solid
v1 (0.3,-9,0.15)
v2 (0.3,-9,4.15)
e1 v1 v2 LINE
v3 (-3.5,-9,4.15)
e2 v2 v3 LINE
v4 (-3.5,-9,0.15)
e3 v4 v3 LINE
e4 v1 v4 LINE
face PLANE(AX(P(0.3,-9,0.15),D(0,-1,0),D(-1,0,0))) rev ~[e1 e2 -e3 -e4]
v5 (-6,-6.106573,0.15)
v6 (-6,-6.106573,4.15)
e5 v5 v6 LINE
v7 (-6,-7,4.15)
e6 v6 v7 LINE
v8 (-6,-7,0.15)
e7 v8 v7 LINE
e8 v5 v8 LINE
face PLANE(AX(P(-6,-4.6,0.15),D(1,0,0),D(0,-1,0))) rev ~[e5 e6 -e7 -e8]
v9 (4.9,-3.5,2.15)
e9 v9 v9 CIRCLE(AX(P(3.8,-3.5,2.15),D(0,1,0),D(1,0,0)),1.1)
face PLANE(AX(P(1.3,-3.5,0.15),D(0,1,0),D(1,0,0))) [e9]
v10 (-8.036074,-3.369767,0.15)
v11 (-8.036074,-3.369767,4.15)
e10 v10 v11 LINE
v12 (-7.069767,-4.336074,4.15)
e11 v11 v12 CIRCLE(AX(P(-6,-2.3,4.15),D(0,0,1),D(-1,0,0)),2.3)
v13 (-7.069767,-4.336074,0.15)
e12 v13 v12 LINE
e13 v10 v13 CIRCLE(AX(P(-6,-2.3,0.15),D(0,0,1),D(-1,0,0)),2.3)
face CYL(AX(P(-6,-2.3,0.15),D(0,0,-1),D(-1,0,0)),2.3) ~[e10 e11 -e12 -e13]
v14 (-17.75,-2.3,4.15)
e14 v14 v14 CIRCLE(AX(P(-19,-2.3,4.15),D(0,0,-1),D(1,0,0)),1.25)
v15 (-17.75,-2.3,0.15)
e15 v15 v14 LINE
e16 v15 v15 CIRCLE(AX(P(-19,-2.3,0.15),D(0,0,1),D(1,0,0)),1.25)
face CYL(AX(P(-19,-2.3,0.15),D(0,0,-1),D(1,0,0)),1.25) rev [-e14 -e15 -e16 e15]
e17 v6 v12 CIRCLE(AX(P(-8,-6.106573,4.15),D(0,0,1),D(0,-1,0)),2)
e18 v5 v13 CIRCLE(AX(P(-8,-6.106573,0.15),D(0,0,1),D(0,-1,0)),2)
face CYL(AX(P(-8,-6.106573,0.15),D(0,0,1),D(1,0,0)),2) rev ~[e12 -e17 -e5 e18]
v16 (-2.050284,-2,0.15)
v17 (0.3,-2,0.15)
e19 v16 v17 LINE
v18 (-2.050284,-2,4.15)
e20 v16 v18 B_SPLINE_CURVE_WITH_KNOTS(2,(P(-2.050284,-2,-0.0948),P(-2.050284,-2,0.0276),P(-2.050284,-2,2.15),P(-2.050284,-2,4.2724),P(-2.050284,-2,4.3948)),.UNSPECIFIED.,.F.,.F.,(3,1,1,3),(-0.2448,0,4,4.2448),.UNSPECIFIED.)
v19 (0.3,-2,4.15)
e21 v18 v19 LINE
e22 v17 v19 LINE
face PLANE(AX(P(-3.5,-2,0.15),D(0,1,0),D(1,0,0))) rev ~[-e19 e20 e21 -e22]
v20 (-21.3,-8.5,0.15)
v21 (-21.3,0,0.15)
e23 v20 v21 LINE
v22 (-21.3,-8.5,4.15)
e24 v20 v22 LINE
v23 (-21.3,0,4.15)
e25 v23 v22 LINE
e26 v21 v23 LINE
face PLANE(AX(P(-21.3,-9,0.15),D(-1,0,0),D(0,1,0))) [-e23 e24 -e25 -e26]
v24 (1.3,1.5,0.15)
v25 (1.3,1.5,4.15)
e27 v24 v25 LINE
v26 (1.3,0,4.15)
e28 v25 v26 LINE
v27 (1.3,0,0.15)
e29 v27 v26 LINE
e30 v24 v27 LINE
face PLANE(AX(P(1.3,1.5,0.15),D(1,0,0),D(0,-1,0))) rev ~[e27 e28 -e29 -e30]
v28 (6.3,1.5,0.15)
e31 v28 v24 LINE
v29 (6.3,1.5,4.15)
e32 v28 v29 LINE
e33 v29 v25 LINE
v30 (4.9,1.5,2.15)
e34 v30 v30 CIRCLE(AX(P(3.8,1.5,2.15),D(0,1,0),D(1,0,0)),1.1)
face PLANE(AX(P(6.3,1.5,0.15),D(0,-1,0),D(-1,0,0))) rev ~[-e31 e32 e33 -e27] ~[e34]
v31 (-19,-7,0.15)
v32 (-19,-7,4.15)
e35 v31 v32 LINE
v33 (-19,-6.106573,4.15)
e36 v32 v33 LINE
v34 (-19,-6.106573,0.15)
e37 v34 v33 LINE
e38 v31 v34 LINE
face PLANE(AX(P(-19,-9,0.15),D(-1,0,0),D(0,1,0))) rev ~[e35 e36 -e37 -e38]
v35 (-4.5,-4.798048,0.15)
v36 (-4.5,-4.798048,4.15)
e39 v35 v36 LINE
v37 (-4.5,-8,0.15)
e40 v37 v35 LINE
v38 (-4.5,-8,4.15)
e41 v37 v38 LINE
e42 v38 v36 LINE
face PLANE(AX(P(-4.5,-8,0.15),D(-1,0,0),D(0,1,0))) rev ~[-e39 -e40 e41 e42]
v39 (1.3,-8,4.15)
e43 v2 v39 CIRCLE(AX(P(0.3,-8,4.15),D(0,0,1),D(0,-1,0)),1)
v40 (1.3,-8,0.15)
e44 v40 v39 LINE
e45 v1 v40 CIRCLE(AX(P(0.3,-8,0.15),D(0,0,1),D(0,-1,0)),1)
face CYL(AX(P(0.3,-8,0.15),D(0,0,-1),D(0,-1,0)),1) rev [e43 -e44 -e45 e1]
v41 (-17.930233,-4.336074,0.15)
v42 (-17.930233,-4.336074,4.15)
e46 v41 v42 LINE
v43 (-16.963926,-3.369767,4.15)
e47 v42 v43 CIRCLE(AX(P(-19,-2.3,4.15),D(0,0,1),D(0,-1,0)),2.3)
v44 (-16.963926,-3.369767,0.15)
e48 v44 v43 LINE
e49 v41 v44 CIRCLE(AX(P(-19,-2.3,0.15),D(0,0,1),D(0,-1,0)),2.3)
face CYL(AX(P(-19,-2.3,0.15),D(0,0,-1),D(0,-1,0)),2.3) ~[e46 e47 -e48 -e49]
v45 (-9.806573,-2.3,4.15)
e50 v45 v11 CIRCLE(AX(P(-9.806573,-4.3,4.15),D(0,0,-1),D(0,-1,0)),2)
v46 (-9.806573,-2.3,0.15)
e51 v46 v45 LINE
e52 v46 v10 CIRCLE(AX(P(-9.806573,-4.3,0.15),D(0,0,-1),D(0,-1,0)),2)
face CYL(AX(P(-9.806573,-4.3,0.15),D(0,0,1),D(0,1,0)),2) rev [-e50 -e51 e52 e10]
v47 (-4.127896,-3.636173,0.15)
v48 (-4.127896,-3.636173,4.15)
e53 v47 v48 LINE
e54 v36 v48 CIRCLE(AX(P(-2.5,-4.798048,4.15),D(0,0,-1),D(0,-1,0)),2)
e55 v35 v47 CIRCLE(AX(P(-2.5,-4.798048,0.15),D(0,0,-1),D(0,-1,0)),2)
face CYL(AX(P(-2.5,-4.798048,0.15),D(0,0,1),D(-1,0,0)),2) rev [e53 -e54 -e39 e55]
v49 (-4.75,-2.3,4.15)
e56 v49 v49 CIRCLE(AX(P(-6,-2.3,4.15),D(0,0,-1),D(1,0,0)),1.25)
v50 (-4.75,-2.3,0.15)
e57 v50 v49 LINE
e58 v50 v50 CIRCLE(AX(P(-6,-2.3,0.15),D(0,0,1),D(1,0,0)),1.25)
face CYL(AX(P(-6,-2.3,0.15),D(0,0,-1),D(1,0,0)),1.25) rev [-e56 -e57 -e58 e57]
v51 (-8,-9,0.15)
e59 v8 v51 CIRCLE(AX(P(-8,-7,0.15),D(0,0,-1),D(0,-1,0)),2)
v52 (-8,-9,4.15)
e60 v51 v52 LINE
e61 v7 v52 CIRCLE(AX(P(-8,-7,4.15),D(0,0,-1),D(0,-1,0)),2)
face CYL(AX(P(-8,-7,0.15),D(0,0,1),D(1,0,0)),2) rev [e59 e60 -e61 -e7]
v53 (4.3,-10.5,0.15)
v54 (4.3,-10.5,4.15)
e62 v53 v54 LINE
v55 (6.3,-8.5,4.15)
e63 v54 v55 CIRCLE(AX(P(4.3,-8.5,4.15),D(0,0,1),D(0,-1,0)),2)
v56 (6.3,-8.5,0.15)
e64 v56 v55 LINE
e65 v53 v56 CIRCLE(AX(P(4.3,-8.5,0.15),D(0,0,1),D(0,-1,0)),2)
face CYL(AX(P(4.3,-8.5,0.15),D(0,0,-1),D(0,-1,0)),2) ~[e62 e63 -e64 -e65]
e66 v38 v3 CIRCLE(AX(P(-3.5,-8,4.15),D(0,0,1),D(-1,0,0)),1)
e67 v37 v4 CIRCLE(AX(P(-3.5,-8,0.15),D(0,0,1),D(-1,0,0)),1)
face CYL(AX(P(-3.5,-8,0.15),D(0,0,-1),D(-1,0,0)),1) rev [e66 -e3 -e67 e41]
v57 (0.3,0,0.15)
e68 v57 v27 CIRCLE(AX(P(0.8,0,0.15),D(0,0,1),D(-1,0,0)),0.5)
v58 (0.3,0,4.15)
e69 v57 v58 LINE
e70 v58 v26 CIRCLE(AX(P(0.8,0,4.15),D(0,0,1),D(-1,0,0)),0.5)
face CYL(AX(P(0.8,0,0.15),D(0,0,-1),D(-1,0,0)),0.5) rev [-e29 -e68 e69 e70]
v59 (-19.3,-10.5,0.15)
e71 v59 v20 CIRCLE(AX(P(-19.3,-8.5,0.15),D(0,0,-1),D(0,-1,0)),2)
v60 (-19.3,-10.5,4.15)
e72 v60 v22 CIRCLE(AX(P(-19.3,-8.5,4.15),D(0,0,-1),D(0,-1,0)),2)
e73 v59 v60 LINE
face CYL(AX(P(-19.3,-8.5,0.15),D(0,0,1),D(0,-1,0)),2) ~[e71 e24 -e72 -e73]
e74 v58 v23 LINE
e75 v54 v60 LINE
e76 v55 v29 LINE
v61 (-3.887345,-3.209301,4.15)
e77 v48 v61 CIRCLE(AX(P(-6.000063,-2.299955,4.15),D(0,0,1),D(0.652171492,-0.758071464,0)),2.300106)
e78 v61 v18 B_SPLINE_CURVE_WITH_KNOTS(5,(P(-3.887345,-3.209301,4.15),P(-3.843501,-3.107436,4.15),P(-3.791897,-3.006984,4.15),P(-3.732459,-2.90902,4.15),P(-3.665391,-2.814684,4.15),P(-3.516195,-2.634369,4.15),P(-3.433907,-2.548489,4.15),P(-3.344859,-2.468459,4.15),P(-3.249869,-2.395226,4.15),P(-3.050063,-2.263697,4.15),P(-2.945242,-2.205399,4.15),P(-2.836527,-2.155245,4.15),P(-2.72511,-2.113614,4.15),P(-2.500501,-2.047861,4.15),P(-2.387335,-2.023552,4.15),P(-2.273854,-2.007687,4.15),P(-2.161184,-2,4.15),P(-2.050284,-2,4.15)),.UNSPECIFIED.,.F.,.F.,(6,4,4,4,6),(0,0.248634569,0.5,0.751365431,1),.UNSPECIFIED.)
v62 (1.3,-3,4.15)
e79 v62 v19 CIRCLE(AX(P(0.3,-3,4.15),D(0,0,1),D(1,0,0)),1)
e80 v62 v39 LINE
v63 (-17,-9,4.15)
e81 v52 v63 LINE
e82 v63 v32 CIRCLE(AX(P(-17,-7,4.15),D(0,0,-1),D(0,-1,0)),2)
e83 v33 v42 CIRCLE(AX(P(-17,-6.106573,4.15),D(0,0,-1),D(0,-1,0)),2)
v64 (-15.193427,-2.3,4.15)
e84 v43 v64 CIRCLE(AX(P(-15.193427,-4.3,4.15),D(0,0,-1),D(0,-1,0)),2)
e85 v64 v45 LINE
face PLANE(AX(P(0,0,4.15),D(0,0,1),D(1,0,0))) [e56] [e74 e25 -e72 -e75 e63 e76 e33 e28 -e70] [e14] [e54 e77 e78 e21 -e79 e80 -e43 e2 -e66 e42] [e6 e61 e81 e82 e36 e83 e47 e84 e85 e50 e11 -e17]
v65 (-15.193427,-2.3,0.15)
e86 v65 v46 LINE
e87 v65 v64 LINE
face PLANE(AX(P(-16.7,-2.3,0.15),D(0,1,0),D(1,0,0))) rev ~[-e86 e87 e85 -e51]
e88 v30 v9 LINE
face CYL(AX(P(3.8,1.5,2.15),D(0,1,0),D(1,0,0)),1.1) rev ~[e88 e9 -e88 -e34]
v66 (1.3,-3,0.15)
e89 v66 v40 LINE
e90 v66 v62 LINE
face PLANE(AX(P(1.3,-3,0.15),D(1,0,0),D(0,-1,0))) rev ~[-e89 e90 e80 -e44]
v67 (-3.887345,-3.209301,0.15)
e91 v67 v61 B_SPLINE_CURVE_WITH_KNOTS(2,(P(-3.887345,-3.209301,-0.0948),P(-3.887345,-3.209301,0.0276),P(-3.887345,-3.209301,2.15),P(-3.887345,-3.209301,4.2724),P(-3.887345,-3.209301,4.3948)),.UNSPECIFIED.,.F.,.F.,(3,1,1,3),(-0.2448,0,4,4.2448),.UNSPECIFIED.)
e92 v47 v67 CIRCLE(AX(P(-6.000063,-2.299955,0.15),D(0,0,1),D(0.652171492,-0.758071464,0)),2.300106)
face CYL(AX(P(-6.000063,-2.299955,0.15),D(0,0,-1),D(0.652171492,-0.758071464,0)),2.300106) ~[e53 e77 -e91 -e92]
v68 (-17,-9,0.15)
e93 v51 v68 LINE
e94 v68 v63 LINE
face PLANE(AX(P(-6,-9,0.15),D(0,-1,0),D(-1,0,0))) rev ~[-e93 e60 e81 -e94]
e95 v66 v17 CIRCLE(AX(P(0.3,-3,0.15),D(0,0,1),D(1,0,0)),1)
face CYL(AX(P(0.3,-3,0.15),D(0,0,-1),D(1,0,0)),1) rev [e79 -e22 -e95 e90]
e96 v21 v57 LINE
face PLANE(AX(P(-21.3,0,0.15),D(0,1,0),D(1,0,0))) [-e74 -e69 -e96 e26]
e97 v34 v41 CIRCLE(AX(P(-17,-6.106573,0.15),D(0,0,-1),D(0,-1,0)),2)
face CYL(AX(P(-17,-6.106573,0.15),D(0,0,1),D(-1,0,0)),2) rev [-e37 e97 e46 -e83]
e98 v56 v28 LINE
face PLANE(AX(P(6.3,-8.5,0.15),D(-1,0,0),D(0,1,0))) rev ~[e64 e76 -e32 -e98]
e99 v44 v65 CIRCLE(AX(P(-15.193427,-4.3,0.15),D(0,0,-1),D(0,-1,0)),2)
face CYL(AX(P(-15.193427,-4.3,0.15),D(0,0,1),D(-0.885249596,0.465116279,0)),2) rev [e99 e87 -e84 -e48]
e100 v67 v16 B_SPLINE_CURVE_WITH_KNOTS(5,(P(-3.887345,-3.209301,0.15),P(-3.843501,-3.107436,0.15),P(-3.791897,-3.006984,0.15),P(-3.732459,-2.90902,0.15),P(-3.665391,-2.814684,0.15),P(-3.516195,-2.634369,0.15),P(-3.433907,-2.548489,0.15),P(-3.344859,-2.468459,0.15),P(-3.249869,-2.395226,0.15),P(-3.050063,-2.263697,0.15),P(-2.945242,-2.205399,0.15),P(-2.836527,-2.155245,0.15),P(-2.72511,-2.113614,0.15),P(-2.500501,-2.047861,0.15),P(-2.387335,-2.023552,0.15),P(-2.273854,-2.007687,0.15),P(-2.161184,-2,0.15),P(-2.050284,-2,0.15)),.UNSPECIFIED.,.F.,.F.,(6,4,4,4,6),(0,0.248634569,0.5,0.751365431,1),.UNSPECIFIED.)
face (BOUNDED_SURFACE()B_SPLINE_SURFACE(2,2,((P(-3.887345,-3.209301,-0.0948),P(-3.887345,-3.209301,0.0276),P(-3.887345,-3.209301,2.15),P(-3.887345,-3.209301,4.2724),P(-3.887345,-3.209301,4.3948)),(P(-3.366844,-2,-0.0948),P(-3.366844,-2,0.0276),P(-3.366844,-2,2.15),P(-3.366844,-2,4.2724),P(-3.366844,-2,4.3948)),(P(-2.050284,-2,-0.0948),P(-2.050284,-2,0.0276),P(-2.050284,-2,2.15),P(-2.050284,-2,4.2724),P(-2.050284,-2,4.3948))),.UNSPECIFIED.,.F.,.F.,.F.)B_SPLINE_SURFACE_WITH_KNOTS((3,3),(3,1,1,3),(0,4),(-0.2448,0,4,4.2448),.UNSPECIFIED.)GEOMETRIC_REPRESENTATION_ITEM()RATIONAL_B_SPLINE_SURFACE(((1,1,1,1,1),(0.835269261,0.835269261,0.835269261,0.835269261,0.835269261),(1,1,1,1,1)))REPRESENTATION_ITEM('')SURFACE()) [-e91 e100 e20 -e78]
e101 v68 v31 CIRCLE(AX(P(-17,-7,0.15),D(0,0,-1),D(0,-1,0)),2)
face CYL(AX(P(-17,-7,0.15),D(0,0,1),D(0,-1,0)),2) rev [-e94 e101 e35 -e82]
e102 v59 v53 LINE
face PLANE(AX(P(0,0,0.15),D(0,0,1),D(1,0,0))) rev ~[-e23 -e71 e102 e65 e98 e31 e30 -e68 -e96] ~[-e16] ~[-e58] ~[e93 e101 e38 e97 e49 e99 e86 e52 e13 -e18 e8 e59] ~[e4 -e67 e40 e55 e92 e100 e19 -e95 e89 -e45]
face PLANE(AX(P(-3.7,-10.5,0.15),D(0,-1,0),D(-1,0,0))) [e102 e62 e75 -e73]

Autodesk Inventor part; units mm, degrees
ref_plane "YZ Plane" through (0, 0, 0) normal (1, 0, 0) x (0, 1, 0)
ref_plane "XZ Plane" through (0, 0, 0) normal (0, 1, 0) x (-1, 0, 0)
ref_plane "作業平面1" through (0, 0, 0.15) normal (0, 0, 1) x (1, 0, 0)
sketch "スケッチ1" plane through (0, 0, 0.15) normal (0, 0, 1) x (1, 0, 0)
  line L0 (0, -24) -> (-27.3, -24) projected
  line L1 (-3.7, -24) -> (-3.7, -10.5)
  line L2 (-3.7, -10.5) -> (4.3, -10.5)
  line L3 (6.3, -8.5) -> (6.3, 1.5)
  line L4 (6.3, 1.5) -> (1.3, 1.5)
  line L5 (-27.3, 0) -> (0, 0) projected
  line L6 (1.3, 1.5) -> (1.3, 0)
  circle A0 centre (-6, -21.7) radius 1.25 projected
  circle A1 centre (-19, -21.7) radius 1.25 projected
  circle A2 centre (-6, -21.7) radius 2.3 construction
  circle A3 centre (-19, -21.7) radius 2.3 construction
  line L7 (1.3, 0) -> (0, 0)
  line L8 (-21.3, -24) -> (-21.3, 0)
  circle A4 centre (-6, -2.3) radius 1.25 projected
  circle A5 centre (-19, -2.3) radius 1.25 projected
  line L9 (1.3, 0) -> (0.8, 0)
  arc A6 (0.3, 0) -> (1.3, 0) centre (0.8, 0) ccw
  line L10 (-6, -21.7) -> (-19, -21.7)
  line L11 (-19, -21.7) -> (-19, -2.3)
  line L12 (-19, -2.3) -> (-6, -2.3)
  line L13 (-6, -2.3) -> (-6, -21.7)
  arc A7 (-6, -19.4) -> (-8.3, -21.7) centre (-6, -21.7) ccw
  arc A8 (-16.7, -21.7) -> (-19, -19.4) centre (-19, -21.7) ccw
  arc A9 (-19, -4.6) -> (-16.7, -2.3) centre (-19, -2.3) ccw
  arc A10 (-8.3, -2.3) -> (-6, -4.6) centre (-6, -2.3) ccw
  arc A11 (4.3, -10.5) -> (6.3, -8.5) centre (4.3, -8.5) ccw
  line L14 (-3.5, -2) -> (0.3, -2)
  line L15 (1.3, -3) -> (1.3, -8)
  line L16 (0.3, -9) -> (-3.5, -9)
  line L17 (-4.5, -8) -> (-4.5, -3)
  arc A12 (0.3, -9) -> (1.3, -8) centre (0.3, -8) ccw
  arc A13 (1.3, -3) -> (0.3, -2) centre (0.3, -3) ccw
  arc A14 (-3.5, -2) -> (-4.5, -3) centre (-3.5, -3) ccw
  arc A15 (-4.5, -8) -> (-3.5, -9) centre (-3.5, -8) ccw
  arc A16 (-4.5, -4.0436) -> (-3.7196, -2) centre (-6, -2.3) ccw
  line L18 (-3.7, -10.5) -> (-21.3, -10.5)
  line L19 (-3.5, -9) -> (-21.3, -9)
  point P0 (6.3, -10.5)
  point P1 (0.8, -0.5)
  point P2 (-3.7167, -2.0238)
  point P3 (-6, -9)
  point P4 (-19, -9)
  dimension "d0" = 1.5
  dimension "d1" = 12
  dimension "d2" = 10
  dimension "d3" = 5
  dimension "d9" = 0.5
  dimension "d13" = 2
  dimension "d14" = 1
  dimension "d15" = 1.5
  dimension "d16" = 1.5
  dimension "d17" = 5
  dimension "d18" = 1.5
extrude "押し出し1" add sketch "スケッチ1" along normal blind 4 contours L18 L13 A4 L12 A5 L11 L19 L8 L5 L7 A6 L6 L4 L3 A11 L2 | L8 L19 L11 L18 | L18 L11 L19 L13 | A10 L12 A4 L13 | L11 A5 L12 A9 | L17 A14 A16
sketch "スケッチ2" plane through (1.3, 1.5, 0.15) normal (0, 1, 0) x (1, 0, 0)
  line L0 (5, 0) -> (5, -4) projected
  line L1 (0, 0) -> (-22.6, 0) projected
  line L2 (5, -4) -> (0, 0) construction
  circle A0 centre (2.5, -2) radius 1.1
  point P0 (-1.3, 0.15)
  dimension "d6" = 2.2
extrude "押し出し2" cut sketch "スケッチ2" against normal blind 5
fillet "フィレット1" radius 2 9 edges at (-19, -4.6, 2.15) (-16.7, -2.3, 2.15) (-8.3, -2.3, 2.15) (-6, -4.6, 2.15) (-4.5, -4.0436, 2.15) (-3.7167, -2.0238, 2.15) (-19, -9, 2.15) (-6, -9, 2.15) (-21.3, -10.5, 2.15)
sketch "スケッチ3" plane through (0, 0, 0.15) normal (0, 0, -1) x (-1, 0, 0)
  line L0 (21.3, 0) -> (21.3, -8.5) projected
  line L1 (-0.3, 0) -> (21.3, 0) projected
  arc A0 (-1.3, 0) -> (-0.3, 0) centre (-0.8, 0) ccw projected
  line L2 (-1.3, 1.5) -> (-1.3, 0) projected
  line L3 (-6.3, 1.5) -> (-1.3, 1.5) projected
  line L4 (-6.3, -8.5) -> (-6.3, 1.5) projected
  arc A1 (-6.3, -8.5) -> (-4.3, -10.5) centre (-4.3, -8.5) ccw projected
  line L5 (19.3, -10.5) -> (-4.3, -10.5) projected
  circle A2 centre (6, -2.3) radius 1.25 projected
  arc A3 (9.8066, -2.3) -> (8.0361, -3.3698) centre (9.8066, -4.3) ccw projected
  line L6 (15.1934, -2.3) -> (9.8066, -2.3) projected
  arc A4 (16.9639, -3.3698) -> (15.1934, -2.3) centre (15.1934, -4.3) ccw projected
  arc A5 (16.9639, -3.3698) -> (17.9302, -4.3361) centre (19, -2.3) ccw projected
  arc A6 (19, -6.1066) -> (17.9302, -4.3361) centre (17, -6.1066) ccw projected
  line L7 (19, -7) -> (19, -6.1066) projected
  line L8 (6, -6.1066) -> (6, -7) projected
  arc A7 (7.0698, -4.3361) -> (6, -6.1066) centre (8, -6.1066) ccw projected
  arc A8 (7.0698, -4.3361) -> (8.0361, -3.3698) centre (6, -2.3) ccw projected
  circle A9 centre (19, -2.3) radius 1.25 projected
  line L9 (2.0503, -2) -> (-0.3, -2) projected
  arc A10 (3.8874, -3.2093) -> (4.1279, -3.6361) centre (6, -2.3) ccw projected
  line L10 (4.5, -8) -> (4.5, -4.798) projected
  arc A11 (3.5, -9) -> (4.5, -8) centre (3.5, -8) ccw projected
  line L11 (-0.3, -9) -> (3.5, -9) projected
  arc A12 (-1.3, -8) -> (-0.3, -9) centre (-0.3, -8) ccw projected
  line L12 (-1.3, -3) -> (-1.3, -8) projected
  arc A13 (-0.3, -2) -> (-1.3, -3) centre (-0.3, -3) ccw projected
  arc A14 (3.8874, -3.2093) -> (2.0503, -2) centre (2.0503, -4) ccw projected
  arc A15 (4.5, -4.798) -> (4.1279, -3.6361) centre (2.5, -4.798) ccw projected
  line L13 (8, -9) -> (17, -9) projected
  arc A16 (6, -7) -> (8, -9) centre (8, -7) ccw projected
  arc A17 (17, -9) -> (19, -7) centre (17, -7) ccw projected
  arc A18 (19.3, -10.5) -> (21.3, -8.5) centre (19.3, -8.5) ccw projected
  point P0 (0, 0)
extrude "押し出し3" [suppressed]
properties part number "SolenoidMount"
